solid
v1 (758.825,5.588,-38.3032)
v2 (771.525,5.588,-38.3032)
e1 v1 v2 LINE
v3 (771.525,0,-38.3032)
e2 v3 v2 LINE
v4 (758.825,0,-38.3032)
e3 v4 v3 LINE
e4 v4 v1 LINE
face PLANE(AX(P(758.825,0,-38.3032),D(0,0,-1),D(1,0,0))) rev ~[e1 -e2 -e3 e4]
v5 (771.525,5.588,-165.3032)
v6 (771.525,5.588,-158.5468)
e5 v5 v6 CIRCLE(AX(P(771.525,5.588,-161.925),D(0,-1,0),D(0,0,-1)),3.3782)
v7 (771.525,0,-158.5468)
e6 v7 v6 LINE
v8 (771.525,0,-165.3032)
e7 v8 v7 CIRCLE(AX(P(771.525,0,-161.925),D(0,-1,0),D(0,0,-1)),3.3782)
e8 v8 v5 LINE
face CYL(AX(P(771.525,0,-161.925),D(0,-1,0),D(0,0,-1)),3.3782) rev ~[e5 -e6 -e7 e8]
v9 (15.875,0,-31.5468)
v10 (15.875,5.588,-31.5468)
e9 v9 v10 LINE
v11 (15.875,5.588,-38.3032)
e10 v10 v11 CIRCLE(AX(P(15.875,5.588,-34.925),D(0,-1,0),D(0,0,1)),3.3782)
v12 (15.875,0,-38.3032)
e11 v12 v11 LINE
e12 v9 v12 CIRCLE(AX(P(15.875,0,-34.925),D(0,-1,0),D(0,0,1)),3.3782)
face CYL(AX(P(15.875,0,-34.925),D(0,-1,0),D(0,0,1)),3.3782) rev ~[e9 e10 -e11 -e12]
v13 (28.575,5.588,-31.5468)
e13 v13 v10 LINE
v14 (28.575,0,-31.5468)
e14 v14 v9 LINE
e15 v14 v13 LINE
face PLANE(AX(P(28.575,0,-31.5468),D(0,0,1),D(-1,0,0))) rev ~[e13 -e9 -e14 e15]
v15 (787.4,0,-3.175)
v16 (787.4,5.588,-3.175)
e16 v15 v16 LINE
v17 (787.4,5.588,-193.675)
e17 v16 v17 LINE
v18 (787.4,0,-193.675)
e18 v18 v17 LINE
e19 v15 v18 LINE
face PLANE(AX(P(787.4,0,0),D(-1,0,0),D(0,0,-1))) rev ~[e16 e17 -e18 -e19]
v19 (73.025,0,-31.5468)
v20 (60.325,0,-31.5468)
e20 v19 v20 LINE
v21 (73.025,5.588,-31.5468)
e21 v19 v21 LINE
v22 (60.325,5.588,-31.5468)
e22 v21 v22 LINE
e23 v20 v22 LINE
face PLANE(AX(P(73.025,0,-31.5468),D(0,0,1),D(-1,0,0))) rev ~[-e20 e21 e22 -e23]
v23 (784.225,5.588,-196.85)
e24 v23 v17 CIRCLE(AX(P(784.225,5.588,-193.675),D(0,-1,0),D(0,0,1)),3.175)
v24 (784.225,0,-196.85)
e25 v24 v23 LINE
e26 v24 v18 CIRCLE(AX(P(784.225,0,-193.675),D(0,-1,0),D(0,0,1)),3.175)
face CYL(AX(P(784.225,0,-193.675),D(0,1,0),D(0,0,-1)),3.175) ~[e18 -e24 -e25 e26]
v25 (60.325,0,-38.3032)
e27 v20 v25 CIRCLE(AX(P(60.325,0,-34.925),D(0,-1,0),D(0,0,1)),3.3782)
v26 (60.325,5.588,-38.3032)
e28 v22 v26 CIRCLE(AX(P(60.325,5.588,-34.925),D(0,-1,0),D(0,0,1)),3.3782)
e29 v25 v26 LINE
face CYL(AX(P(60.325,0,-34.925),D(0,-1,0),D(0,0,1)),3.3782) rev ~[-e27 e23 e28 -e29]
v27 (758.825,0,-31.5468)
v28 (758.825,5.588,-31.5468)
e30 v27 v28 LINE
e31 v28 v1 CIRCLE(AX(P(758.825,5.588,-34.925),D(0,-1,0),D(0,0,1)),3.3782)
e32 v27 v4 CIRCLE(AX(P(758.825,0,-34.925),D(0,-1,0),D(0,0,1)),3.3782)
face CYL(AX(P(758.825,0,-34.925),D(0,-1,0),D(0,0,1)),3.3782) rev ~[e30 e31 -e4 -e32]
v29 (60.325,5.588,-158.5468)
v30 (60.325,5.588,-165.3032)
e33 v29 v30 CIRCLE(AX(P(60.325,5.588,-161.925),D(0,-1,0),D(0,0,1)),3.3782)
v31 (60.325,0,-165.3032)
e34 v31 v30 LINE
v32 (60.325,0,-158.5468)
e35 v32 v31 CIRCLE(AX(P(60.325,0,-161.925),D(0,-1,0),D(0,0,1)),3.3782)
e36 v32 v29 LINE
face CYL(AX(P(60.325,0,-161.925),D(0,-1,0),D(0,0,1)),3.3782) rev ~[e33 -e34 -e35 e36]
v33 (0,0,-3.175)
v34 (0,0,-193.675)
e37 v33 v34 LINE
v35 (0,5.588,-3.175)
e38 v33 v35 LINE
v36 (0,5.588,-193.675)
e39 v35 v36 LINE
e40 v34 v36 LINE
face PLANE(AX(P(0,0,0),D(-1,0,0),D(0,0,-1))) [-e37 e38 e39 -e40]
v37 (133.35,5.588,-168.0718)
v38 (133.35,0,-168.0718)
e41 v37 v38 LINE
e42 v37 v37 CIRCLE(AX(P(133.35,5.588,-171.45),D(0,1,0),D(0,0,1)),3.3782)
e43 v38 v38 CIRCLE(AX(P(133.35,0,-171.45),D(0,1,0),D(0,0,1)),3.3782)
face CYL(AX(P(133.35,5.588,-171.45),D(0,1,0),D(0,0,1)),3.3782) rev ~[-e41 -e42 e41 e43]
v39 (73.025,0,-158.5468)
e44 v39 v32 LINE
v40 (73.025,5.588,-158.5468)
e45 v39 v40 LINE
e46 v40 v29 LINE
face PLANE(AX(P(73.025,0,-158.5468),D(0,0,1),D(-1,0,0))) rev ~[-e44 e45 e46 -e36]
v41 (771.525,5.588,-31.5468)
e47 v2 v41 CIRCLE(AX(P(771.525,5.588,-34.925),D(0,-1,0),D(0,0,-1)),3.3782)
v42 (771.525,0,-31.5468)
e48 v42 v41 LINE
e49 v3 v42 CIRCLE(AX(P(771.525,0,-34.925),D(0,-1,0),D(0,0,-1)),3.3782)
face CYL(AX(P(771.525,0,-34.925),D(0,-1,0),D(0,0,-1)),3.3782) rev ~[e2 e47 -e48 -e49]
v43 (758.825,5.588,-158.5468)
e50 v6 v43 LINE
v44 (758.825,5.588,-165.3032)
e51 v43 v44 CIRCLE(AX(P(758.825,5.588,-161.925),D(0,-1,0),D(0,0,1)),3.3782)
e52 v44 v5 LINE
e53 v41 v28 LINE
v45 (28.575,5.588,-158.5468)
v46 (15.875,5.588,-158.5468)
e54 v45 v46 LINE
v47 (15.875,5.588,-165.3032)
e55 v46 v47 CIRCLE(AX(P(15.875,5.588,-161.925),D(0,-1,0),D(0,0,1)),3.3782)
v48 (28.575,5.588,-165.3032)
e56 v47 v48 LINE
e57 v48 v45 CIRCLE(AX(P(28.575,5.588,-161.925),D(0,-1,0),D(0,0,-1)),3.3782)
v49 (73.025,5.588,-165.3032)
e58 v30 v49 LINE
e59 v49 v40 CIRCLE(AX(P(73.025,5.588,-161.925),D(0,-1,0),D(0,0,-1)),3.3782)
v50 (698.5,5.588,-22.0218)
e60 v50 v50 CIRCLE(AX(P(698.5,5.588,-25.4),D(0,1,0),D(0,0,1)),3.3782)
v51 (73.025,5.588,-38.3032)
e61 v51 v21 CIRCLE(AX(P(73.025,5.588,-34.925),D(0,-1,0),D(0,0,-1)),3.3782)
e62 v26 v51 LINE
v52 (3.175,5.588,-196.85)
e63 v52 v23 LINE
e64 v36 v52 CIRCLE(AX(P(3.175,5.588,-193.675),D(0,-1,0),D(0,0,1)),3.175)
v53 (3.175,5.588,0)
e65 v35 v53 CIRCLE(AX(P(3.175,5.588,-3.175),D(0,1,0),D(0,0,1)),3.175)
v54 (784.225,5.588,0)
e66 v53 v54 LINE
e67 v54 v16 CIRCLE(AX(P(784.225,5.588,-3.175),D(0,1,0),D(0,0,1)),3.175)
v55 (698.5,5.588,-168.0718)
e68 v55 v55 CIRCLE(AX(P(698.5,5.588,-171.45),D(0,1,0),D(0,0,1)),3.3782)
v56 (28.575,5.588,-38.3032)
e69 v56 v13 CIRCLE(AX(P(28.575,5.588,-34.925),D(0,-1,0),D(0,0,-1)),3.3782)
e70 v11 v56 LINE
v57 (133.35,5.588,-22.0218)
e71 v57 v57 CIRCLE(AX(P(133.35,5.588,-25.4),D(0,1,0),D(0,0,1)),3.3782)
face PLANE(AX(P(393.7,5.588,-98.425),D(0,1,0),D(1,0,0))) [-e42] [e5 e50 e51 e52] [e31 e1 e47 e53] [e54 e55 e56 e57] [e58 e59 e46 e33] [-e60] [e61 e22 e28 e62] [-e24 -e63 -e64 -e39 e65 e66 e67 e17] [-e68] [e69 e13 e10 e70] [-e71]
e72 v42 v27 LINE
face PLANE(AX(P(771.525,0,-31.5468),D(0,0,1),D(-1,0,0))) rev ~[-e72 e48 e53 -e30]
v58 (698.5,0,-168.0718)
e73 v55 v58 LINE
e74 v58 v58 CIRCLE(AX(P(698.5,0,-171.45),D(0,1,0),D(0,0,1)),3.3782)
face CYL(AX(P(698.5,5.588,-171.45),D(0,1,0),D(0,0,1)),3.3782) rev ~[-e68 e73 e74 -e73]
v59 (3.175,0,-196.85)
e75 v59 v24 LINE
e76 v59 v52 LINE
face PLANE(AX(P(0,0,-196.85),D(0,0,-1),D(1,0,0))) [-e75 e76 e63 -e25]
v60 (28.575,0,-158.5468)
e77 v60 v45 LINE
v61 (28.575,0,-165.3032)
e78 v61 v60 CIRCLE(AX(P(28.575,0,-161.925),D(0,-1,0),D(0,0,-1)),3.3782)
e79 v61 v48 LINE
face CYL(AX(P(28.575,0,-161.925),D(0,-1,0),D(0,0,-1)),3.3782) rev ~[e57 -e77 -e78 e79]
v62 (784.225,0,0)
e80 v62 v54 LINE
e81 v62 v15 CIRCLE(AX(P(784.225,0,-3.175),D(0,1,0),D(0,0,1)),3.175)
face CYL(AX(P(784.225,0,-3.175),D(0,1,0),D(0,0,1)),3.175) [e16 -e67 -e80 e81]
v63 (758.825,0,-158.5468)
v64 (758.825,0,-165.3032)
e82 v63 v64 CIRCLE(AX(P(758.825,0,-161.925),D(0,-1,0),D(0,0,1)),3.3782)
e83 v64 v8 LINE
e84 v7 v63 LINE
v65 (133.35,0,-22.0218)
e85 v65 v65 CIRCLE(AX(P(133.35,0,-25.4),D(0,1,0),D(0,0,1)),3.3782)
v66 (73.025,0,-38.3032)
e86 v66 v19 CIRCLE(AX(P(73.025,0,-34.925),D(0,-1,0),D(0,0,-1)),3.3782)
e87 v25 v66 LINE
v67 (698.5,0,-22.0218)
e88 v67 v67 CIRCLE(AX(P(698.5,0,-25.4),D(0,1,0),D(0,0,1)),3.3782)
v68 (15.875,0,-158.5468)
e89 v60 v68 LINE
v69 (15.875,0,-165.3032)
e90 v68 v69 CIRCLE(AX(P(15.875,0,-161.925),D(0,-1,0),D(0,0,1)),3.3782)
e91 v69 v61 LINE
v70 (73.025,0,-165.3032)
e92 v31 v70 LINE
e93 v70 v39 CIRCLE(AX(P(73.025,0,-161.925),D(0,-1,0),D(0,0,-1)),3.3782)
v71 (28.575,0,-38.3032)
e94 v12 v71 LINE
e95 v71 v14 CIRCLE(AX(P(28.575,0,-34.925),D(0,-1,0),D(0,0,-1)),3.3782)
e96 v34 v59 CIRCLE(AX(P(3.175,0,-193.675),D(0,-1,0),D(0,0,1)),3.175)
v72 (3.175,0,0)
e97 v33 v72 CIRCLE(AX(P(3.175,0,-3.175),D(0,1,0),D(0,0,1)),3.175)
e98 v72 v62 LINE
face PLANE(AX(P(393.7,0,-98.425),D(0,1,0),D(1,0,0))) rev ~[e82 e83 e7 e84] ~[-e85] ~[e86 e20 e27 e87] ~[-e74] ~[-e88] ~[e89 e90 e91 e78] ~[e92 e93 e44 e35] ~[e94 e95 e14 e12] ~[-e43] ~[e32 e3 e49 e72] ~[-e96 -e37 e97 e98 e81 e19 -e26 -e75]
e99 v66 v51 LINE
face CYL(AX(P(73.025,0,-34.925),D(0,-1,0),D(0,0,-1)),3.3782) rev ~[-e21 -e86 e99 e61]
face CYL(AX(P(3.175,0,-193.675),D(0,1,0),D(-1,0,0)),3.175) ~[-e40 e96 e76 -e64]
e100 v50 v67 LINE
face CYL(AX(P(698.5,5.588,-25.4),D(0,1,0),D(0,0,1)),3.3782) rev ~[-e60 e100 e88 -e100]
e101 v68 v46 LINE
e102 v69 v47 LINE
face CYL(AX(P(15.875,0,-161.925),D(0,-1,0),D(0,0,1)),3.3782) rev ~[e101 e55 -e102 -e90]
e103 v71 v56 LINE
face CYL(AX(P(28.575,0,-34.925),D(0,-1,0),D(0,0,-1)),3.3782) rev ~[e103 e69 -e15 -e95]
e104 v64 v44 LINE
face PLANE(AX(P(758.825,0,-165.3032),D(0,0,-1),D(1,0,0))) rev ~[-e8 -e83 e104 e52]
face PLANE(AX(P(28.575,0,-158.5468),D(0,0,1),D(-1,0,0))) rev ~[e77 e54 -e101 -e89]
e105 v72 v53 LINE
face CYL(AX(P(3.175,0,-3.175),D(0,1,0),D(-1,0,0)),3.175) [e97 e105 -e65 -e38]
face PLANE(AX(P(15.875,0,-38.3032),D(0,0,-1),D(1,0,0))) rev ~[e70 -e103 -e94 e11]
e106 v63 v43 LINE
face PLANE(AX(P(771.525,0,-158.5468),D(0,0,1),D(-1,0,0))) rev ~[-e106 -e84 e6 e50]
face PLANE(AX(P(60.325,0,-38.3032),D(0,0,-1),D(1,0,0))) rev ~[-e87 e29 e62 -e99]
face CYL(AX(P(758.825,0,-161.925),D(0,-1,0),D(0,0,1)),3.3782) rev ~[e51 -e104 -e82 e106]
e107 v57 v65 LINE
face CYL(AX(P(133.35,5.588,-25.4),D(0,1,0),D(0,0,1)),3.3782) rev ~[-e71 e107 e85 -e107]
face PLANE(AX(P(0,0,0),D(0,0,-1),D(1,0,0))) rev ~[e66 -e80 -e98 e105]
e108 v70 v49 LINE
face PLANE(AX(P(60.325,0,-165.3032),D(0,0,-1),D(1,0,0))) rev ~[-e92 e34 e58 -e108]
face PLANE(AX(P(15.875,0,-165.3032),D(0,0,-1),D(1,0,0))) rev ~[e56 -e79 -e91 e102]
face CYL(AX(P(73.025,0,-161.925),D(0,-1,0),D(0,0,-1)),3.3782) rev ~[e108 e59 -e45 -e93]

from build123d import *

# Parameters (mm, degrees)
SKETCH1_W           = 787.4
SKETCH1_H           = 196.85
BOSS_EXTRUDE1_DEPTH = 5.588
FILLET1_R           = 3.175
SKETCH2_R           = 3.3782
CUT_EXTRUDE1_DEPTH  = 812.652578536


with BuildPart() as part:
    # Sketch1 → Boss-Extrude1 (new body)
    with BuildSketch(Plane(origin=(0, 0, 0), x_dir=(1, 0, 0), z_dir=(0, 1, 0))):
        with Locations((393.7, 98.425)):
            Rectangle(SKETCH1_W, SKETCH1_H)
        with BuildLine():
            Line((15.875, 38.3032), (28.575, 38.3032))
            ThreePointArc((28.575, 38.3032), (31.9532, 34.925), (28.575, 31.5468))
            Line((28.575, 31.5468), (15.875, 31.5468))
            ThreePointArc((15.875, 31.5468), (12.4968, 34.925), (15.875, 38.3032))
        make_face(mode=Mode.SUBTRACT)
        with BuildLine():
            Line((15.875, 165.3032), (28.575, 165.3032))
            ThreePointArc((28.575, 165.3032), (31.9532, 161.925), (28.575, 158.5468))
            Line((28.575, 158.5468), (15.875, 158.5468))
            ThreePointArc((15.875, 158.5468), (12.4968, 161.925), (15.875, 165.3032))
        make_face(mode=Mode.SUBTRACT)
        with BuildLine():
            Line((60.325, 165.3032), (73.025, 165.3032))
            ThreePointArc((73.025, 165.3032), (76.4032, 161.925), (73.025, 158.5468))
            Line((73.025, 158.5468), (60.325, 158.5468))
            ThreePointArc((60.325, 158.5468), (56.9468, 161.925), (60.325, 165.3032))
        make_face(mode=Mode.SUBTRACT)
        with BuildLine():
            Line((60.325, 38.3032), (73.025, 38.3032))
            ThreePointArc((73.025, 38.3032), (76.4032, 34.925), (73.025, 31.5468))
            Line((73.025, 31.5468), (60.325, 31.5468))
            ThreePointArc((60.325, 31.5468), (56.9468, 34.925), (60.325, 38.3032))
        make_face(mode=Mode.SUBTRACT)
        with BuildLine():
            Line((771.525, 158.5468), (758.825, 158.5468))
            ThreePointArc((758.825, 158.5468), (755.4468, 161.925), (758.825, 165.3032))
            Line((758.825, 165.3032), (771.525, 165.3032))
            ThreePointArc((771.525, 165.3032), (774.9032, 161.925), (771.525, 158.5468))
        make_face(mode=Mode.SUBTRACT)
        with BuildLine():
            Line((771.525, 31.5468), (758.825, 31.5468))
            ThreePointArc((758.825, 31.5468), (755.4468, 34.925), (758.825, 38.3032))
            Line((758.825, 38.3032), (771.525, 38.3032))
            ThreePointArc((771.525, 38.3032), (774.9032, 34.925), (771.525, 31.5468))
        make_face(mode=Mode.SUBTRACT)
    extrude(amount=BOSS_EXTRUDE1_DEPTH)

    # Fillet1
    fillet1_edges = [part.edges().sort_by_distance(p)[0] for p in [
        (0, 2.794, -196.85),
        (787.4, 2.794, -196.85),
        (787.4, 2.794, 0),
        (0, 2.794, 0),
    ]]
    fillet(fillet1_edges, radius=FILLET1_R)

    # Sketch2 → Cut-Extrude1 (cut, through all)
    with BuildSketch(Plane(origin=(0, 5.588, 0), x_dir=(1, 0, 0), z_dir=(0, 1, 0))):
        with Locations(Location((133.35, 171.45, 0), (0, 0, 270))):
            Circle(SKETCH2_R)
        with Locations(Location((133.35, 25.4, 0), (0, 0, 270))):
            Circle(SKETCH2_R)
        with Locations(Location((698.5, 25.4, 0), (0, 0, 270))):
            Circle(SKETCH2_R)
        with Locations(Location((698.5, 171.45, 0), (0, 0, 270))):
            Circle(SKETCH2_R)
    extrude(amount=-CUT_EXTRUDE1_DEPTH, mode=Mode.SUBTRACT)


solid = part.part
